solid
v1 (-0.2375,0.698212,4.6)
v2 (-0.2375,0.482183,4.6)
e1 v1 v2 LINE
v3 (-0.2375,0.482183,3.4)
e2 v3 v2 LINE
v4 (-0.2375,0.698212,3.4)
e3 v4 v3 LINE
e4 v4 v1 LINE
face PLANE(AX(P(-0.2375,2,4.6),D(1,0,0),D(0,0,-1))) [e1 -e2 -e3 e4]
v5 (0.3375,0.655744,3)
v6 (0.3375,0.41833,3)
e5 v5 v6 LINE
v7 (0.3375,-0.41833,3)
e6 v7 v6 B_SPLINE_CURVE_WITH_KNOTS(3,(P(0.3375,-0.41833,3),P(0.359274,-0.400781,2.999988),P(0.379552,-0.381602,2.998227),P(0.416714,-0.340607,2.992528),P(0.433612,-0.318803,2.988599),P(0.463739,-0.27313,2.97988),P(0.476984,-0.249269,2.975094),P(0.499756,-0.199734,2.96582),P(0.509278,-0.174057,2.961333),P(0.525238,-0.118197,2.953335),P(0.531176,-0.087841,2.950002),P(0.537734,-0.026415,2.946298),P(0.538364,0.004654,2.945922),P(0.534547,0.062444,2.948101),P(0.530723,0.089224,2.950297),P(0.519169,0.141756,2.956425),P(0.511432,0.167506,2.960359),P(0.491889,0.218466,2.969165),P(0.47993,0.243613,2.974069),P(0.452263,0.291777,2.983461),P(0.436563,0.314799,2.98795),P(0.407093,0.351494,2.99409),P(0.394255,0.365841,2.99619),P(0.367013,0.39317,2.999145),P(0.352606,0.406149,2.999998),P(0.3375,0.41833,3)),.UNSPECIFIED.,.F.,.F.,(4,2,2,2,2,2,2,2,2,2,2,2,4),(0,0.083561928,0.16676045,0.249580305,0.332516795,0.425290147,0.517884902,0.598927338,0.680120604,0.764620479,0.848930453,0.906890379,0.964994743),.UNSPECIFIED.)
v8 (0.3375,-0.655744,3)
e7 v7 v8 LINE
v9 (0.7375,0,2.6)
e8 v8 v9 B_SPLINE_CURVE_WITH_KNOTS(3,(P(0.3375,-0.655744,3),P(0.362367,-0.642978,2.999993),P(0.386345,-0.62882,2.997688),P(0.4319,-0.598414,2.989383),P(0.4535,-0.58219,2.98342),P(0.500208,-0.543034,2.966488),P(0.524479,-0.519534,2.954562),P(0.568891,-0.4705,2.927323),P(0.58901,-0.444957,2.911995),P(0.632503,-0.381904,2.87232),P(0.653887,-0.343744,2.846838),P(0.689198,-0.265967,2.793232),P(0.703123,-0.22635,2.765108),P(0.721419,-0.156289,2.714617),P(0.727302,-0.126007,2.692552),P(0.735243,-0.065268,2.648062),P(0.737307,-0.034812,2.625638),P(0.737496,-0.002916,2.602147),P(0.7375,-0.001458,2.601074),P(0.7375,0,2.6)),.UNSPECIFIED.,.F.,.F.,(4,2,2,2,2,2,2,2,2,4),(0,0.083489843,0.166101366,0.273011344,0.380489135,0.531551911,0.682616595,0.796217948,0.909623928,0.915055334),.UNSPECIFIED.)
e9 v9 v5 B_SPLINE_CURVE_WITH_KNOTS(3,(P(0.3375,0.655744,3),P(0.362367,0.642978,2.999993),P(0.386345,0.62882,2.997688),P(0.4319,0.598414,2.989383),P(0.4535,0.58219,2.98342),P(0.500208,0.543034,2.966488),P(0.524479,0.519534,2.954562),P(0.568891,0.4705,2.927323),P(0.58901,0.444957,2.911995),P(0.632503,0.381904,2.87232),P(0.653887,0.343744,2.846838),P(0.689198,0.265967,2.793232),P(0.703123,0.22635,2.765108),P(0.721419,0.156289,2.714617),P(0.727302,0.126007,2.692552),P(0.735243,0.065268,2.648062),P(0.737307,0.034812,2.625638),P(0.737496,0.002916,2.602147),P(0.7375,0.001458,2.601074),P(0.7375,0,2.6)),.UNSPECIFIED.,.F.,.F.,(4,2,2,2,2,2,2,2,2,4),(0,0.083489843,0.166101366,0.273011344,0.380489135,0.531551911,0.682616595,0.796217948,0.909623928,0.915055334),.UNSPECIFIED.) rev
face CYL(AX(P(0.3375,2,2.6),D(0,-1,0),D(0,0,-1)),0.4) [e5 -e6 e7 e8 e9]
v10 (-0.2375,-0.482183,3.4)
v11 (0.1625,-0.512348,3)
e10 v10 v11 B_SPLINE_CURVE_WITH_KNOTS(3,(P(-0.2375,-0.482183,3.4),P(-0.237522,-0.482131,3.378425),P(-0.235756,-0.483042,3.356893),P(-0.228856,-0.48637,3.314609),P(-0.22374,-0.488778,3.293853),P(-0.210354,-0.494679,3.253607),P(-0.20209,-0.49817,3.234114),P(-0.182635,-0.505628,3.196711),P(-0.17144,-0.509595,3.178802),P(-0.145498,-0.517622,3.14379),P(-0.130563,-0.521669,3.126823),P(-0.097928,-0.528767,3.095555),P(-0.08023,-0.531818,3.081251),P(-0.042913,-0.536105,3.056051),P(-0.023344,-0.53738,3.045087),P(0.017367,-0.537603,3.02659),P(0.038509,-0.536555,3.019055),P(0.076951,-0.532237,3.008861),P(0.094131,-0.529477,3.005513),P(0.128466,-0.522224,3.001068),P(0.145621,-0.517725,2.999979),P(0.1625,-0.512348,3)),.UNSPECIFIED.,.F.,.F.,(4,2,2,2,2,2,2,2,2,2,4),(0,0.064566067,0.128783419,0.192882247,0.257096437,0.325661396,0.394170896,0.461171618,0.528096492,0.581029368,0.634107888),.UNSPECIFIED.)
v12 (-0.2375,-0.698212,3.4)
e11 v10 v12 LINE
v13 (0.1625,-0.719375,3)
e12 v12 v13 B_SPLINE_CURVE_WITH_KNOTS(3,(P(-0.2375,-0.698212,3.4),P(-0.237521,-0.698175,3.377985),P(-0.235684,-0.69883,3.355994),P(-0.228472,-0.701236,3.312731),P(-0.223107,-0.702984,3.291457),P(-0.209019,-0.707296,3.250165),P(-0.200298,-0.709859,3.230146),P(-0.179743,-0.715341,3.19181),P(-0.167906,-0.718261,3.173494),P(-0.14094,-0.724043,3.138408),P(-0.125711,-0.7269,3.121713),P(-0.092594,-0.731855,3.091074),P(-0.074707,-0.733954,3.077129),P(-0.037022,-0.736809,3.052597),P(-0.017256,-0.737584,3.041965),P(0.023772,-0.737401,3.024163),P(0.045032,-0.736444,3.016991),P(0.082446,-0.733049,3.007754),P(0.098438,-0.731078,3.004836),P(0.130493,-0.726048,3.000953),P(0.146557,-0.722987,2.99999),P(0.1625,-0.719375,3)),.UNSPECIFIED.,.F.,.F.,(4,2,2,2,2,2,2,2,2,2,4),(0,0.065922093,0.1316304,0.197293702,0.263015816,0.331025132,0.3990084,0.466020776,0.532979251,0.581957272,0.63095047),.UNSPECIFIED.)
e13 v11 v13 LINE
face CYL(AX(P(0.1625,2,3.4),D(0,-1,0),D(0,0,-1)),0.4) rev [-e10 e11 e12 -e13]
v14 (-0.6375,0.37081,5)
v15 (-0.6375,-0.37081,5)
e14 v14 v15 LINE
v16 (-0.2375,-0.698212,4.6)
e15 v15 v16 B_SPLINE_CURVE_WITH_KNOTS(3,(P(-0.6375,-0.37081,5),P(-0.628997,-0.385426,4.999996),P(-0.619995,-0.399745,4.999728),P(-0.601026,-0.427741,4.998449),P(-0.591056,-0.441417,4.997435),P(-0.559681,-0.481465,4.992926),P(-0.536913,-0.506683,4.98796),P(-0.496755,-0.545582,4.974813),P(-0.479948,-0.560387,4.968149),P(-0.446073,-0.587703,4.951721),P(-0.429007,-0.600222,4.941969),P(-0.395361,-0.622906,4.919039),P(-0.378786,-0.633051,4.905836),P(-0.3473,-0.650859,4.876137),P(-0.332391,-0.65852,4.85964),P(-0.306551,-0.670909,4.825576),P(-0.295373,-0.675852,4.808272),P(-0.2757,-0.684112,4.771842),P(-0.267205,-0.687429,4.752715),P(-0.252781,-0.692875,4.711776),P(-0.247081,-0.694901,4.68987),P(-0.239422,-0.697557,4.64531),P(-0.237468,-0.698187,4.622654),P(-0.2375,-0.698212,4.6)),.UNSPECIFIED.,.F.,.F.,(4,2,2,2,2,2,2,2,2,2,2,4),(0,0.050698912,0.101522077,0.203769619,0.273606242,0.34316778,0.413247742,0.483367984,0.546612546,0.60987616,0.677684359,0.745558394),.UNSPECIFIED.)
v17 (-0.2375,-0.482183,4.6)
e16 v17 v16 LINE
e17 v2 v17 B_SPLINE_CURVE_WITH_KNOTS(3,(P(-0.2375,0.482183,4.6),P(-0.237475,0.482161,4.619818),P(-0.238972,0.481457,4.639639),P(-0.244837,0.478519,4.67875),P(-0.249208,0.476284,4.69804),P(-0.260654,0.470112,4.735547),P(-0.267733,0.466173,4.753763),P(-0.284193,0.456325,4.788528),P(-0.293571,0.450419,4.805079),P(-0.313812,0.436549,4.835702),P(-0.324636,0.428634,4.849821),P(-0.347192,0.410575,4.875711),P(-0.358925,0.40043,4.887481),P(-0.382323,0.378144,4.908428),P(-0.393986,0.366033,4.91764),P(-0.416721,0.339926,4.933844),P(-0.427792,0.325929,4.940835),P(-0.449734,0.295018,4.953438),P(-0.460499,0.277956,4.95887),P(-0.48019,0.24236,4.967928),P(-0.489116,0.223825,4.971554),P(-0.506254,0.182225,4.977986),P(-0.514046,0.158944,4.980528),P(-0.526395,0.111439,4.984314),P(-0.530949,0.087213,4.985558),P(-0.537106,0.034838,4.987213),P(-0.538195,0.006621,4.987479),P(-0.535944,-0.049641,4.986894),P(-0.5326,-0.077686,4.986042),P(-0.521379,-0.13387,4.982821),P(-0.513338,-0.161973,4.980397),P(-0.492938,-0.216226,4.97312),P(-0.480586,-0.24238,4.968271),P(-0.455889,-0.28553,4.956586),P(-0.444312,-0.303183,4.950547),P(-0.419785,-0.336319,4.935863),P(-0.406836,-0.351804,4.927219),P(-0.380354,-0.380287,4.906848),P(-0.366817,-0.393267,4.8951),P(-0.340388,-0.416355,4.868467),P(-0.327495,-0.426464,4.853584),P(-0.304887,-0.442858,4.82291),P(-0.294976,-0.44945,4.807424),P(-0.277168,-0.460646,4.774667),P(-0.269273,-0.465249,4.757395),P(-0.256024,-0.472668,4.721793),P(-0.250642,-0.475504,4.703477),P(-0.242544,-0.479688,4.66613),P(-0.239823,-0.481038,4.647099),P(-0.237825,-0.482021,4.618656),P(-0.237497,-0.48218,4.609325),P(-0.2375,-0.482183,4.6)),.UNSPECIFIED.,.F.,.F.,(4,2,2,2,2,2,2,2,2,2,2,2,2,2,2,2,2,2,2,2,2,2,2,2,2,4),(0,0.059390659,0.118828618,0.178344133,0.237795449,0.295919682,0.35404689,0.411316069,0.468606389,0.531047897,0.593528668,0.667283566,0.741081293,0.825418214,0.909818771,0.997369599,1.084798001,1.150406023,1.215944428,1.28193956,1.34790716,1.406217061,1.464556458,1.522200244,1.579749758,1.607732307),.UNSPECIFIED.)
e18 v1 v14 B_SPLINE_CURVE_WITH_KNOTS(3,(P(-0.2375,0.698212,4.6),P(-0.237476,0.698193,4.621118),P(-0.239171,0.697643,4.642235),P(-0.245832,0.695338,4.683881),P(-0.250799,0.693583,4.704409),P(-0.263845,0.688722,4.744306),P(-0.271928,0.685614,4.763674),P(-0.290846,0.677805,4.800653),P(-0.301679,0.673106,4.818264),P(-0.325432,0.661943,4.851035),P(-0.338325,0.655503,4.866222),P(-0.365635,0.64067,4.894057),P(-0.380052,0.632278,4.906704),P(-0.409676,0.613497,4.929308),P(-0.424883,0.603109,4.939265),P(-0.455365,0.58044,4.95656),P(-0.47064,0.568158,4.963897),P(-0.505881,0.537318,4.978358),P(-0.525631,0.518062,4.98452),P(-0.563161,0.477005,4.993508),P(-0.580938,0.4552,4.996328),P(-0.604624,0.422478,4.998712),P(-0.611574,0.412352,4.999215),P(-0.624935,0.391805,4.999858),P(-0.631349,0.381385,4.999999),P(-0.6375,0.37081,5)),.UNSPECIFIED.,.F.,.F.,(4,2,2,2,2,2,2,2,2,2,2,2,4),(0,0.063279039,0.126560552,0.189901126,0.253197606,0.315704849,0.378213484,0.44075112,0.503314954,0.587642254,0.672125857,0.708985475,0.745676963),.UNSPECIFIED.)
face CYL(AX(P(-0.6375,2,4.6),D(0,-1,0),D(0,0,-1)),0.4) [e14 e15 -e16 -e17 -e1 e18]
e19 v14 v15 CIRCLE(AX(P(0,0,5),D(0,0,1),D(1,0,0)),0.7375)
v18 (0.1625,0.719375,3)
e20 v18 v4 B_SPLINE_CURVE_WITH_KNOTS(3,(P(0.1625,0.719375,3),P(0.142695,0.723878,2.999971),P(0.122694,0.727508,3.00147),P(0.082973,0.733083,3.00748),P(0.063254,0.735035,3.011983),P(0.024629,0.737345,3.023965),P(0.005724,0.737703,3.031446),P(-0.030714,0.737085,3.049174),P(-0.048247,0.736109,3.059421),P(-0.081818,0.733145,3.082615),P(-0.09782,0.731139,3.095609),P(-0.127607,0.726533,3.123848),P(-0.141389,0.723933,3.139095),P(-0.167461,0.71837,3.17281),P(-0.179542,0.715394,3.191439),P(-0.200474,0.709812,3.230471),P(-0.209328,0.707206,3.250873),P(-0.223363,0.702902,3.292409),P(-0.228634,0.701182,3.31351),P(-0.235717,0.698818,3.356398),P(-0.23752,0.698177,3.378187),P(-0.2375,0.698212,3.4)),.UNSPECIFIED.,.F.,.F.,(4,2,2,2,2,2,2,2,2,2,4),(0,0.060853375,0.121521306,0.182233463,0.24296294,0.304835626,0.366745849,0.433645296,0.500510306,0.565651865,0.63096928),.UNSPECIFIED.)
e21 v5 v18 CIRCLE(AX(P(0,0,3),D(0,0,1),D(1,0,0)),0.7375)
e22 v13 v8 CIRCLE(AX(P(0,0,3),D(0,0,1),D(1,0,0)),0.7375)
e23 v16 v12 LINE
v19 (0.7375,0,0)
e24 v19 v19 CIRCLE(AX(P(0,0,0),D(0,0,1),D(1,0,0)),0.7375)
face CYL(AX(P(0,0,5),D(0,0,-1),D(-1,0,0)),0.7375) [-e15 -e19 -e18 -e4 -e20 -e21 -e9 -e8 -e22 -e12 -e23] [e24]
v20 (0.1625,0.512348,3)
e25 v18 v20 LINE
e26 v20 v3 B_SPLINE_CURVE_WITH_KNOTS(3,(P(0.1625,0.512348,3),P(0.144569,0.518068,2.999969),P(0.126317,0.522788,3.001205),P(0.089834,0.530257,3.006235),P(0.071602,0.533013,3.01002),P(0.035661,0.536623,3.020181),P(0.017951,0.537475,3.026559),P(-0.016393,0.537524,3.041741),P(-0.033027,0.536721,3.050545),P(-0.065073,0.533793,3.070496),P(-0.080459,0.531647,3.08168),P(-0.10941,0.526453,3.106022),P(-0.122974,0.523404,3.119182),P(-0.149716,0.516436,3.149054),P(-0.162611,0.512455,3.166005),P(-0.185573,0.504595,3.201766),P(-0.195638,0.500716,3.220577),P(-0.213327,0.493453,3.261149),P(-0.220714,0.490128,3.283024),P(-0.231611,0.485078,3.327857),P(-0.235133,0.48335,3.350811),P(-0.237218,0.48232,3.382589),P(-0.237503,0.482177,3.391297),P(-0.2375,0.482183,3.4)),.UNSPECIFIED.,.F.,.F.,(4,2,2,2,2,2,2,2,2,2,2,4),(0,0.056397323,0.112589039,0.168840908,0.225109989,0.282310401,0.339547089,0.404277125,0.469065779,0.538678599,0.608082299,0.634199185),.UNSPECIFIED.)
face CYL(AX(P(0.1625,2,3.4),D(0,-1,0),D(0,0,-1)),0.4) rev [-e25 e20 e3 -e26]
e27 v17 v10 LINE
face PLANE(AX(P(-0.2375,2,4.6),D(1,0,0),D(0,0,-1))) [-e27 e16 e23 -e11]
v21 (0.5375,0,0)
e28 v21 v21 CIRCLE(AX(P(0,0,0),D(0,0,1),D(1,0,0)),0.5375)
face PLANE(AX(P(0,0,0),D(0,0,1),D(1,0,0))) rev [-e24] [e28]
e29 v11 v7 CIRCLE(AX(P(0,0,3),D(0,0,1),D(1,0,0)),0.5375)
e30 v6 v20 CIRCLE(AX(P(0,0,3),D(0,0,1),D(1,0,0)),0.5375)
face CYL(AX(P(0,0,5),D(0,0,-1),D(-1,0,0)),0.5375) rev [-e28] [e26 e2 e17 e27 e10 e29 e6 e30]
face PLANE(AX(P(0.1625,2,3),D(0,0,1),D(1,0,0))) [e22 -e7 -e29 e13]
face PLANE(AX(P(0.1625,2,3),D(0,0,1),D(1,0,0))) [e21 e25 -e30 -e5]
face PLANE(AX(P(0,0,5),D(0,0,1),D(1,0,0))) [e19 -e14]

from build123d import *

# Parameters (mm, degrees)
SKETCH1_R               = 0.7375
SKETCH1_R_2             = 0.5375
BOSS_EXTRUDE1_DEPTH     = 5
CUT_EXTRUDE1_DEPTH      = 2
CUT_EXTRUDE1_DEPTH_BACK = 2


with BuildPart() as part:
    # Sketch1 → Boss-Extrude1 (new body)
    with BuildSketch(Plane.XY):
        Circle(SKETCH1_R)
        Circle(SKETCH1_R_2, mode=Mode.SUBTRACT)
    extrude(amount=BOSS_EXTRUDE1_DEPTH)

    # Sketch3 → Cut-Extrude1 (cut, two sides: drawn at the far end of the back side and taken through both)
    with BuildSketch(Plane(origin=(0, 0, 0), x_dir=(1, 0, 0), z_dir=(0, 1, 0)).offset(-CUT_EXTRUDE1_DEPTH_BACK)):
        with BuildLine():
            Line((-0.7375, -5), (-0.6375, -5))
            ThreePointArc((-0.6375, -5), (-0.354657288, -4.882842712), (-0.2375, -4.6))
            Line((-0.2375, -4.6), (-0.2375, -3.4))
            ThreePointArc((-0.2375, -3.4), (-0.120342712, -3.117157288), (0.1625, -3))
            Line((0.1625, -3), (0.3375, -3))
            ThreePointArc((0.3375, -3), (0.620342712, -2.882842712), (0.7375, -2.6))
            Line((0.7375, -2.6), (0.7375, -2.290424198))
            Line((0.7375, -2.290424198), (1.0406043, -2.290424198))
            Line((1.0406043, -2.290424198), (1.0406043, -5.289304035))
            Line((1.0406043, -5.289304035), (-0.7375, -5.289304035))
            Line((-0.7375, -5.289304035), (-0.7375, -5))
        make_face()
    extrude(amount=CUT_EXTRUDE1_DEPTH + CUT_EXTRUDE1_DEPTH_BACK, mode=Mode.SUBTRACT)


solid = part.part
